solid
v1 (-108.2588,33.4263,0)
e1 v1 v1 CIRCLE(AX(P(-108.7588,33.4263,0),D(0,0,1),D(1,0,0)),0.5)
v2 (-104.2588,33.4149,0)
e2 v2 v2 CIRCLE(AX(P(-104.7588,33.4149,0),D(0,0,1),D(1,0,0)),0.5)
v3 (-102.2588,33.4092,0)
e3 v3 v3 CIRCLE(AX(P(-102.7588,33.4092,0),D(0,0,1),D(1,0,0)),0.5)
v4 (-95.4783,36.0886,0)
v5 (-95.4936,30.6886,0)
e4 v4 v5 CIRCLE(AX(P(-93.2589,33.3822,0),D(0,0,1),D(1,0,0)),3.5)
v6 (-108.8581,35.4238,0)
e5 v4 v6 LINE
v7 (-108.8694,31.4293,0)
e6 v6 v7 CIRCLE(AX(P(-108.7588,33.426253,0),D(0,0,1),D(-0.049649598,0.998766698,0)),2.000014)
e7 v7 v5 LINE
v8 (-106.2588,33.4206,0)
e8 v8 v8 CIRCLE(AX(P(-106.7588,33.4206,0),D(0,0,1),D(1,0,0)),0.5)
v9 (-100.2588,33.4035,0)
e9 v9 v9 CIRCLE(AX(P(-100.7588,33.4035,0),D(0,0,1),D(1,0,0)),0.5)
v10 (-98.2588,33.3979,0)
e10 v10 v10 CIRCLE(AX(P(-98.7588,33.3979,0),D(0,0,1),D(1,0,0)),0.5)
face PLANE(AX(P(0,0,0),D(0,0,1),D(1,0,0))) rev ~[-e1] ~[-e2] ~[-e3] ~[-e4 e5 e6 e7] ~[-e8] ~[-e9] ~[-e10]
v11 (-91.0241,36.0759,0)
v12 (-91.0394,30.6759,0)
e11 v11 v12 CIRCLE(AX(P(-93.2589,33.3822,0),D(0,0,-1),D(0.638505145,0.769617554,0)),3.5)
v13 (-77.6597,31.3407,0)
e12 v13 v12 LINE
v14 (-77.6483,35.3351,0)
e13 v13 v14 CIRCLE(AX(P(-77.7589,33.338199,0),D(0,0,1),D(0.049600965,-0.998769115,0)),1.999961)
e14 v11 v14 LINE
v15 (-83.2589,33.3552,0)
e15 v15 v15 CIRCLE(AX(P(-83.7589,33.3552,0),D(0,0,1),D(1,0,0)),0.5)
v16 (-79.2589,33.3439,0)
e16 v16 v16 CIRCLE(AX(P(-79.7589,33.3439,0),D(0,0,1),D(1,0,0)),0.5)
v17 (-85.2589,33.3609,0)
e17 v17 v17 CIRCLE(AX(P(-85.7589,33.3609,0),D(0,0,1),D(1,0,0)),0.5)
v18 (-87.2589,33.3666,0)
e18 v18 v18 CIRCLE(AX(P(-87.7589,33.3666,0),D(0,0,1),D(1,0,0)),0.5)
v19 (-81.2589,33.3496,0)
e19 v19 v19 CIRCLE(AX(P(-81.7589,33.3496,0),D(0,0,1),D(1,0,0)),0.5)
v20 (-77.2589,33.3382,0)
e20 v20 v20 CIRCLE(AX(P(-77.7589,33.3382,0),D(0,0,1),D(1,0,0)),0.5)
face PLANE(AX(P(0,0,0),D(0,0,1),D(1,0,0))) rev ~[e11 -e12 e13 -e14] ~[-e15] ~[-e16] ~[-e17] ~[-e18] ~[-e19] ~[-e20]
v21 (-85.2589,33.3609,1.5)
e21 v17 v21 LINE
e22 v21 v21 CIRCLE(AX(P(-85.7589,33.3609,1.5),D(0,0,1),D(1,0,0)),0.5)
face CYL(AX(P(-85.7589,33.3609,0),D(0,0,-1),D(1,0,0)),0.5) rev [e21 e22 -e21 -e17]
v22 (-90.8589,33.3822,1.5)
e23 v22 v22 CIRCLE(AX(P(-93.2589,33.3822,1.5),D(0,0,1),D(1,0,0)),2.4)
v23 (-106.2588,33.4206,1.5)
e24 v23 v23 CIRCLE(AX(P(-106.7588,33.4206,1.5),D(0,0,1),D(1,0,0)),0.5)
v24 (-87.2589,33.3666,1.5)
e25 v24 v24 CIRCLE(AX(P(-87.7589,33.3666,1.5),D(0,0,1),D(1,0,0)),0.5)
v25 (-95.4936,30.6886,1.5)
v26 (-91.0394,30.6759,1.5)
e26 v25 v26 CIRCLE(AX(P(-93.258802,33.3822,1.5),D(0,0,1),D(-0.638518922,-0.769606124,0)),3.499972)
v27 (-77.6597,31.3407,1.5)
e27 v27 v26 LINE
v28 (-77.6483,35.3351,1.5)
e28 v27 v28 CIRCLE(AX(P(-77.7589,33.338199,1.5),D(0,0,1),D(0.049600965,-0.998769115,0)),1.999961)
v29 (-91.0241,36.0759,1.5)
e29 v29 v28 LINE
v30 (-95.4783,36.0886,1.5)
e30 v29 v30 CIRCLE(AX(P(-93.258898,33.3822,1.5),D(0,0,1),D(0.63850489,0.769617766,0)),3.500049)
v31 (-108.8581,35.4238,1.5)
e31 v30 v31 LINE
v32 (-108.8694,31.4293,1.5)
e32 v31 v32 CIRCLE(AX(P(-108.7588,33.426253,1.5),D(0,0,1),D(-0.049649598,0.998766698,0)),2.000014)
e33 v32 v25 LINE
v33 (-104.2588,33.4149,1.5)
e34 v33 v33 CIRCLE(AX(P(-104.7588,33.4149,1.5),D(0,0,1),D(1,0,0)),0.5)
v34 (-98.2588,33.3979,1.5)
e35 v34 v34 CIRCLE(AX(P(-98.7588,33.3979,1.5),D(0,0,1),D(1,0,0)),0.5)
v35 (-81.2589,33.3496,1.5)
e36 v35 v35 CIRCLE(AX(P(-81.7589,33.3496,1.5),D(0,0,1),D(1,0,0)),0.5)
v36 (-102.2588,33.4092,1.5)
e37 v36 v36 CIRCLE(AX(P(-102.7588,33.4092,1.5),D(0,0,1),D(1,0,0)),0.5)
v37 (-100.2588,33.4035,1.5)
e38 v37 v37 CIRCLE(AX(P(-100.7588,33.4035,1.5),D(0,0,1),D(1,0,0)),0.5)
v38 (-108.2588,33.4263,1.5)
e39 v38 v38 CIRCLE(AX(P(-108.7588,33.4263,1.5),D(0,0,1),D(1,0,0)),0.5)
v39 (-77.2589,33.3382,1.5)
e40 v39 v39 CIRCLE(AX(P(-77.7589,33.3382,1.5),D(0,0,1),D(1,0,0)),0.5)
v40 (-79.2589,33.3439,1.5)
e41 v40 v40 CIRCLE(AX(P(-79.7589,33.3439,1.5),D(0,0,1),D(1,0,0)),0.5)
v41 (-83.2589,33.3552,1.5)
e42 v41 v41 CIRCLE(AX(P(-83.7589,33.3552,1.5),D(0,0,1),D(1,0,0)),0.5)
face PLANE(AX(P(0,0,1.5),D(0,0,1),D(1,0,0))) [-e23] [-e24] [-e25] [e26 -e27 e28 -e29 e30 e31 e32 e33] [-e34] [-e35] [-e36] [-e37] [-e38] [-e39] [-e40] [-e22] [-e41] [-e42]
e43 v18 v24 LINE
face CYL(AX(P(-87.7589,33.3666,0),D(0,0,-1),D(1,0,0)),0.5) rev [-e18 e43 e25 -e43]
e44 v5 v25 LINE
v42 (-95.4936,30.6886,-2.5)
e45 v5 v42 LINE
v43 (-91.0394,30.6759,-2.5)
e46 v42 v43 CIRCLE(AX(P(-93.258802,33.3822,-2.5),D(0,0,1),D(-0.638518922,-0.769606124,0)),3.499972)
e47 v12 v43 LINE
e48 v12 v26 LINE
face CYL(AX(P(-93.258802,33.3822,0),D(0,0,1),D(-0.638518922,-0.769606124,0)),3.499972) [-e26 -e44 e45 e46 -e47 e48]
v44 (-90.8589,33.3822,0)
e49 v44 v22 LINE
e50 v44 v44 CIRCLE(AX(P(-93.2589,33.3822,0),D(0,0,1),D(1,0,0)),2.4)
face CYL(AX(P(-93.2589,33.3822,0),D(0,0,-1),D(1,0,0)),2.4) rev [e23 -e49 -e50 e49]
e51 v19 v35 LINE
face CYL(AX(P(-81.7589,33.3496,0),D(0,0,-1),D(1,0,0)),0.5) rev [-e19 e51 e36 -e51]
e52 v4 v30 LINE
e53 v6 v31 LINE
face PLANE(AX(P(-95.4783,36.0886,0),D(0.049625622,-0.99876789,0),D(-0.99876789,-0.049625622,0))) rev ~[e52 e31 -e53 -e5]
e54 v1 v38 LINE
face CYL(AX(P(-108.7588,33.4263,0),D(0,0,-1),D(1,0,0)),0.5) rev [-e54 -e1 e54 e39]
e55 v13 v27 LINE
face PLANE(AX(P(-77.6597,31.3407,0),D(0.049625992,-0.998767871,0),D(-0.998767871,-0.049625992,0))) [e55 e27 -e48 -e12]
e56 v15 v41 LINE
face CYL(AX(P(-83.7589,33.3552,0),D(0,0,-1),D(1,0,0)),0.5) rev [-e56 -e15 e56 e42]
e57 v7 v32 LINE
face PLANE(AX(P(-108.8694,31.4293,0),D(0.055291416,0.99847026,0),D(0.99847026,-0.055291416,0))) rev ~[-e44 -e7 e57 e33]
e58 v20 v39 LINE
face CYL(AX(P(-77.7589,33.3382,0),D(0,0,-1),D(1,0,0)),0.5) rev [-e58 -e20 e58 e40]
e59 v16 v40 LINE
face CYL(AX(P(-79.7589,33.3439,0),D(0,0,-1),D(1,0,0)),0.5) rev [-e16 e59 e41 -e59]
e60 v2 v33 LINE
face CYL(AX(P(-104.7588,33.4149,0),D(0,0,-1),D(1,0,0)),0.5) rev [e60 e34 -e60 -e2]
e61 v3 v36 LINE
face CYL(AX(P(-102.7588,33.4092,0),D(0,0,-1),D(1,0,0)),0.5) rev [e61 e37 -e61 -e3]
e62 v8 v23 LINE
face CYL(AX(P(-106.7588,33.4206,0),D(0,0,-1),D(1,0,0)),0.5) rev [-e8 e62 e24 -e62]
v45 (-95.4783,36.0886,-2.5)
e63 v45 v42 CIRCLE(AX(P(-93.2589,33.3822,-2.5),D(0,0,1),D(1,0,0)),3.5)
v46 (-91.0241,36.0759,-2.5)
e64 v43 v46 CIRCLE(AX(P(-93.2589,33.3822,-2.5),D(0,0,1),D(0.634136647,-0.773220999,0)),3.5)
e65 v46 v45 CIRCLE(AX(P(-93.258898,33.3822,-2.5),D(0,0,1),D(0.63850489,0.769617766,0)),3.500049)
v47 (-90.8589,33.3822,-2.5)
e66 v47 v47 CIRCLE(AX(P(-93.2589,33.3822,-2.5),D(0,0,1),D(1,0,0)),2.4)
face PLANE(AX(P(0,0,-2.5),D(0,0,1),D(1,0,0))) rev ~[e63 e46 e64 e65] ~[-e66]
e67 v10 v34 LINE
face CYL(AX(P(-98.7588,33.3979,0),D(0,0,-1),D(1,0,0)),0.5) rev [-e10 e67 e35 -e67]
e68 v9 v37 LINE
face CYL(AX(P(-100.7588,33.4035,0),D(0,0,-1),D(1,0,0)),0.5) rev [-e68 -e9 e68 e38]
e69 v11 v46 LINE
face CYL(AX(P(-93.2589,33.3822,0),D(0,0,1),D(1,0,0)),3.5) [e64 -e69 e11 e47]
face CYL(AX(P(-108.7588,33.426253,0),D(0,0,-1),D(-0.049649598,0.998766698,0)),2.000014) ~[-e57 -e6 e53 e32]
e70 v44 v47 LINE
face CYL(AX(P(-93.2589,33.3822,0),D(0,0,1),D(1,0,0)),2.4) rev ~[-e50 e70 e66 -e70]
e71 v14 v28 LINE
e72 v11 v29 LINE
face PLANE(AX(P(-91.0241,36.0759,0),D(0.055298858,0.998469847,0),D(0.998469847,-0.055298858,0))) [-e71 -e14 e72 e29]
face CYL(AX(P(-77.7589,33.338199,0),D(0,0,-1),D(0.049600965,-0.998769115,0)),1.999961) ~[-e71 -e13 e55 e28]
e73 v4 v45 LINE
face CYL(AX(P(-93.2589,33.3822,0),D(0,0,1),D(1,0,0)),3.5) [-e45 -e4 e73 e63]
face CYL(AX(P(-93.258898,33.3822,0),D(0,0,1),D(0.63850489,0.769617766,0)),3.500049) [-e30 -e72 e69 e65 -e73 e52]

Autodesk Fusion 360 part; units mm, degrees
sketch "Sketch1" plane through (0, 0, 0) normal (0, 0, 1) x (1, 0, 0)
  circle A0 centre (-93.2589, 33.3822) radius 2.4
  line L0 (-91.0241, 36.0759) -> (-77.6483, 35.3351)
  line L1 (-77.6597, 31.3407) -> (-91.0394, 30.6759)
  line L2 (-108.8694, 31.4293) -> (-95.4936, 30.6886)
  line L3 (-95.4783, 36.0886) -> (-108.8581, 35.4238)
  arc A1 (-77.6597, 31.3407) -> (-77.6483, 35.3351) centre (-77.7589, 33.3382) ccw
  arc A2 (-95.4936, 30.6886) -> (-91.0394, 30.6759) centre (-93.2589, 33.3822) ccw
  arc A3 (-91.0241, 36.0759) -> (-95.4783, 36.0886) centre (-93.2589, 33.3822) ccw
  arc A4 (-108.8581, 35.4238) -> (-108.8694, 31.4293) centre (-108.7588, 33.4263) ccw
  circle A5 centre (-108.7588, 33.4263) radius 0.5
  circle A6 centre (-106.7588, 33.4206) radius 0.5
  circle A7 centre (-104.7588, 33.4149) radius 0.5
  circle A8 centre (-102.7588, 33.4092) radius 0.5
  circle A9 centre (-100.7588, 33.4035) radius 0.5
  circle A10 centre (-98.7588, 33.3979) radius 0.5
  line L4 (-93.2589, 33.3822) -> (-93.2296, 43.6849) construction
  circle A11 centre (-87.7589, 33.3666) radius 0.5
  circle A12 centre (-85.7589, 33.3609) radius 0.5
  circle A13 centre (-83.7589, 33.3552) radius 0.5
  circle A14 centre (-81.7589, 33.3496) radius 0.5
  circle A15 centre (-79.7589, 33.3439) radius 0.5
  circle A16 centre (-77.7589, 33.3382) radius 0.5
  circle A17 centre (-93.2589, 33.3822) radius 3.5
  dimension "d1" = 4
  dimension "d2" = 7
  dimension "d3" = 15.5
  dimension "d4" = 4.8
  dimension "d6" = 5.4
  dimension "d10" = 1
  dimension "d11" = 1
  dimension "d12" = 1
  dimension "d13" = 1
  dimension "d14" = 1
  dimension "d15" = 1
  dimension "d16" = 2
  dimension "d17" = 4
  dimension "d18" = 6
  dimension "d19" = 8
  dimension "d20" = 10
extrude "Extrude1" add sketch "Sketch1" along normal blind 1.5
extrude "Extrude2" add sketch "Sketch1" against normal blind 2.5 contours A2 A3 A17
